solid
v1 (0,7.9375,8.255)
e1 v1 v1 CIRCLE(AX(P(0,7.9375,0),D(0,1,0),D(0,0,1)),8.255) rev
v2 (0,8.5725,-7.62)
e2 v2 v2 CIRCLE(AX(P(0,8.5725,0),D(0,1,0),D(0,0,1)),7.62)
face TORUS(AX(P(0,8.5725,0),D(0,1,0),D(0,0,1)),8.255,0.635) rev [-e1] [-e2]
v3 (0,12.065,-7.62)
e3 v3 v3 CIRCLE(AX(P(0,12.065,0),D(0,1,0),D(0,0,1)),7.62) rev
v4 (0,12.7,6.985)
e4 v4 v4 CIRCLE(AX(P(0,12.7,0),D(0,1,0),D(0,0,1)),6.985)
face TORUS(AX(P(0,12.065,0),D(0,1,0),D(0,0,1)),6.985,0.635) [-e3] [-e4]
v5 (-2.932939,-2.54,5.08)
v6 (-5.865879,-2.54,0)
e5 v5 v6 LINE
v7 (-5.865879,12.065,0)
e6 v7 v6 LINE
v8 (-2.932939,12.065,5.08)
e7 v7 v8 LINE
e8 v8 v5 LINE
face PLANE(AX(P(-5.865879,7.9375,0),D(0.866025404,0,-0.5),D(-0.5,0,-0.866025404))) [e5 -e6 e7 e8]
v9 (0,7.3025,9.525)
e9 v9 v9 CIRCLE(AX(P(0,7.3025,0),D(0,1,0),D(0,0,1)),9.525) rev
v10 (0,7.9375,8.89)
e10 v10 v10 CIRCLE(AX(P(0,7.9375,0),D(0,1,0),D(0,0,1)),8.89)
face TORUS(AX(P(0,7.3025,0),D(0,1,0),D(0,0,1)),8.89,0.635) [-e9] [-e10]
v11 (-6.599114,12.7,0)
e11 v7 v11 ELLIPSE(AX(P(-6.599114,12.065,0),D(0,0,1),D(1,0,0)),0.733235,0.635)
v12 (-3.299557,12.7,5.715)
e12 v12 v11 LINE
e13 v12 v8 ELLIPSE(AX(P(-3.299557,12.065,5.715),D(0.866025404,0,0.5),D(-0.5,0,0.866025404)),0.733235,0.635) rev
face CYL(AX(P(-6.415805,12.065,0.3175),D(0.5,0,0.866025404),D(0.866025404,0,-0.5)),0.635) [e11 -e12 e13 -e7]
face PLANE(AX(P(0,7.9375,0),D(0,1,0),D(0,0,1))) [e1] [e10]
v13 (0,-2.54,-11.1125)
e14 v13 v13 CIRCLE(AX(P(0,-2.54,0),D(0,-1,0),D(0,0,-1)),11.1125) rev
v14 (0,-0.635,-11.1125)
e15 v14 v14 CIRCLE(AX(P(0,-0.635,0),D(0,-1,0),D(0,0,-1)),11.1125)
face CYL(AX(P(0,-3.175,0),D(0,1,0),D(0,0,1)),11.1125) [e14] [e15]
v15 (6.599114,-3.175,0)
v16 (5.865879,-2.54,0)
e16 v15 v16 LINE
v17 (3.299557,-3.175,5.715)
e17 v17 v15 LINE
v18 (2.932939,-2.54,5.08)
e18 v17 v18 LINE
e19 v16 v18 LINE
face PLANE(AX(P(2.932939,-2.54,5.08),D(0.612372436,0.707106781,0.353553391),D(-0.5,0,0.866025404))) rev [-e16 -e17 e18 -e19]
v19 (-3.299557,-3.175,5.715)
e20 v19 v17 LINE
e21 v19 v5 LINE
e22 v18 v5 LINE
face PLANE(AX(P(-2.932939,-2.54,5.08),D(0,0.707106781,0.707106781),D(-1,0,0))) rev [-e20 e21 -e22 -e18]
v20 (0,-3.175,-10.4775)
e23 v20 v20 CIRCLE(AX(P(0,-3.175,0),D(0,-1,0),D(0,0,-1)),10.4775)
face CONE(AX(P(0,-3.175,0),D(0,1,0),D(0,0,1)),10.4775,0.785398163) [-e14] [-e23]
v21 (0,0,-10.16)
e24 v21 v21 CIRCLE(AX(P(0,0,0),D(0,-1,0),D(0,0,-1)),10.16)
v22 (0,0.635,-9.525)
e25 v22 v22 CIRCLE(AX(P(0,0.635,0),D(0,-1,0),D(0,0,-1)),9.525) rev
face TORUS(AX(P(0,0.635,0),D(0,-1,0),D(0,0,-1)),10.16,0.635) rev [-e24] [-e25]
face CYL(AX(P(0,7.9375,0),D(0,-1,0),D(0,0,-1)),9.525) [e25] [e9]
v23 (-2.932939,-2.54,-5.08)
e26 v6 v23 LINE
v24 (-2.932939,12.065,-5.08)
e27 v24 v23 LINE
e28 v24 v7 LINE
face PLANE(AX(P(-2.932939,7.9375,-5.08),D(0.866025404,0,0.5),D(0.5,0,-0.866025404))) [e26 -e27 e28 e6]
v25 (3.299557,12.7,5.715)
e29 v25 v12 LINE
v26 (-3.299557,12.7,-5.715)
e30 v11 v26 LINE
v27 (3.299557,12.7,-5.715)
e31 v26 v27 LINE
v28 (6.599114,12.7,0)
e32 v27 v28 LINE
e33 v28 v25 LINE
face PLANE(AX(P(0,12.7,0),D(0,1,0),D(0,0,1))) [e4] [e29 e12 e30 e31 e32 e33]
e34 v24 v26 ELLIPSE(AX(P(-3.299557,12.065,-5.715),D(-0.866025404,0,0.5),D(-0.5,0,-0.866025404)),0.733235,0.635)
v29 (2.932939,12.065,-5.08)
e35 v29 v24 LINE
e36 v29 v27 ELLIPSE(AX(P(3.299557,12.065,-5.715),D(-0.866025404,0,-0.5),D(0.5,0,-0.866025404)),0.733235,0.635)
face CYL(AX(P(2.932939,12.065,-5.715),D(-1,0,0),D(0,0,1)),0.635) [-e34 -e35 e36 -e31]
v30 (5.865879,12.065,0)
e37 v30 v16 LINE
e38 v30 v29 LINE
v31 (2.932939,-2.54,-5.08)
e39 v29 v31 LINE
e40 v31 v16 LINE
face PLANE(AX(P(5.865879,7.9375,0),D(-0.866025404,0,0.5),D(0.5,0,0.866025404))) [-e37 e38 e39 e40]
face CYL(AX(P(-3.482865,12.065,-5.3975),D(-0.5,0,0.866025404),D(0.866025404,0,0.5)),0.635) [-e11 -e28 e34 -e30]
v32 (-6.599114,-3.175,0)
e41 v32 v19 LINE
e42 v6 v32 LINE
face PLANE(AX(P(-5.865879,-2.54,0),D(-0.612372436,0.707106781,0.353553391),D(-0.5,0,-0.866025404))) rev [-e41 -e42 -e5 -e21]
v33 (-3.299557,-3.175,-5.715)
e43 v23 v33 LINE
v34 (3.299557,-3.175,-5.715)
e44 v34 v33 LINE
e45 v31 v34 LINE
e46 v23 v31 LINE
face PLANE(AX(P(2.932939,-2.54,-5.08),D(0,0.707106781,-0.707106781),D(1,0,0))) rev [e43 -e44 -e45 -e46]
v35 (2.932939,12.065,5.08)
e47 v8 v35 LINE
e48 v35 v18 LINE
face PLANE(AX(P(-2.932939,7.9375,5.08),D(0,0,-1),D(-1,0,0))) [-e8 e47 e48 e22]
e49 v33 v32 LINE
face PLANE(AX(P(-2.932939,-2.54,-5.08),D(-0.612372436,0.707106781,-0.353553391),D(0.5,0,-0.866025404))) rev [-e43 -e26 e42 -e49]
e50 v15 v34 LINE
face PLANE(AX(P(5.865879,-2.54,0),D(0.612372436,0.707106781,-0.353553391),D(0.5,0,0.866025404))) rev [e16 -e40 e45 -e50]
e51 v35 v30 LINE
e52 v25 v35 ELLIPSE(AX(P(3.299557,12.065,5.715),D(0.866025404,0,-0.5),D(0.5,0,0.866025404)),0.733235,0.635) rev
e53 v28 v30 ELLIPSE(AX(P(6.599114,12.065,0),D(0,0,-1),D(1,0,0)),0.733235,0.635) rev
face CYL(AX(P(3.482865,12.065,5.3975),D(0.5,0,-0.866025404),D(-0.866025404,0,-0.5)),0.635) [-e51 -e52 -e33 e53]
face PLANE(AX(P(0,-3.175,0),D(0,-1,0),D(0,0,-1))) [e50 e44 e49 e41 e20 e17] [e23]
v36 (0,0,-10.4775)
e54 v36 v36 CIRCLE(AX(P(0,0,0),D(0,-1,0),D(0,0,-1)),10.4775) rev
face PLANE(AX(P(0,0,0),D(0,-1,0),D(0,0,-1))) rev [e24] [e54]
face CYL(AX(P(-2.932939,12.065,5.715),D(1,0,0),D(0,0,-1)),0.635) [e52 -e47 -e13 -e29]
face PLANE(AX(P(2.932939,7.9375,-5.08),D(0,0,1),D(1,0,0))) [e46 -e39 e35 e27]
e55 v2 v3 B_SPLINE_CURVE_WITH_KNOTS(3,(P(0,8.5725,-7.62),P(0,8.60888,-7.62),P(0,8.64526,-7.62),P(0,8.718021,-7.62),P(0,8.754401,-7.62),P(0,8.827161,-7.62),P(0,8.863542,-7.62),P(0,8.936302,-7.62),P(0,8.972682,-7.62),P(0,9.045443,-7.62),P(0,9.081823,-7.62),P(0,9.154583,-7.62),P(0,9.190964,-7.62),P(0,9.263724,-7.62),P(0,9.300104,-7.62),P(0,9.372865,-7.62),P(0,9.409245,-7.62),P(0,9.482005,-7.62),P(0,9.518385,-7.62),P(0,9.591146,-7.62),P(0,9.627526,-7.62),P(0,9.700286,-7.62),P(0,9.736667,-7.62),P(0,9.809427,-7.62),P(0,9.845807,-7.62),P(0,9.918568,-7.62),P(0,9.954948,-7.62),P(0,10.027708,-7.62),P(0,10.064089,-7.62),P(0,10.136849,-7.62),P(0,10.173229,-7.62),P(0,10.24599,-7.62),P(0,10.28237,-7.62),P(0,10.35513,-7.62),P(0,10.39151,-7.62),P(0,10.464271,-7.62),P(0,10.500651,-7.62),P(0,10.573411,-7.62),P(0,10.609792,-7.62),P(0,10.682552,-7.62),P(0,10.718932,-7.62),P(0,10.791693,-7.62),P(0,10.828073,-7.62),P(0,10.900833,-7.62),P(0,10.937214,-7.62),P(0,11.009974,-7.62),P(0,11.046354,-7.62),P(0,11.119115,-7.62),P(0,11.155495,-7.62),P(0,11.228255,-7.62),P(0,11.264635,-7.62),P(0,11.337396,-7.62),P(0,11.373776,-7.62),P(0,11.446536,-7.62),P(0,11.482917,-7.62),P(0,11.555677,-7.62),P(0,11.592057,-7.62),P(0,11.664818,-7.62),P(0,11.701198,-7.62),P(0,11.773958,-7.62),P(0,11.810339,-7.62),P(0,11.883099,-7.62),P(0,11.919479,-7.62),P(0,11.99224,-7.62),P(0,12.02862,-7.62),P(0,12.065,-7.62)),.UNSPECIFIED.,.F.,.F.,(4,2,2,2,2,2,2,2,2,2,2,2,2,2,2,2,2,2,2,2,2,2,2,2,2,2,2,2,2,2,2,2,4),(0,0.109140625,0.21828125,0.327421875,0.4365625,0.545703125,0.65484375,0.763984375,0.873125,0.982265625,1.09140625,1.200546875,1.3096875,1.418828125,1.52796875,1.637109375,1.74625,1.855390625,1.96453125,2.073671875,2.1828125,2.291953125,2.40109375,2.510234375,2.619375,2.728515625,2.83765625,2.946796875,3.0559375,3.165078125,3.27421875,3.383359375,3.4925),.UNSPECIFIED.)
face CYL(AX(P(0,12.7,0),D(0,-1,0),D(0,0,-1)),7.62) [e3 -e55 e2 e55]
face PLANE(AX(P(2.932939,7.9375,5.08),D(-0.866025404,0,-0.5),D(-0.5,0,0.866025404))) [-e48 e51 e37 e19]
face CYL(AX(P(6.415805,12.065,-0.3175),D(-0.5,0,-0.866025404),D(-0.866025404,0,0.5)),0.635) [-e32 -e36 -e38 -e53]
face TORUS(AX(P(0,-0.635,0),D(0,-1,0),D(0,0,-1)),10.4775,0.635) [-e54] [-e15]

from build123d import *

# Parameters (mm, degrees)
SKETCH1_R           = 9.525
BOSS_EXTRUDE1_DEPTH = 7.9375
SKETCH2_R           = 7.62
BOSS_EXTRUDE2_DEPTH = 4.7625
SKETCH3_R           = 11.1125
BOSS_EXTRUDE3_DEPTH = 3.175
FILLET1_R           = 0.635
FILLET3_R           = 0.635
FILLET4_R           = 0.635
CHAMFER1_SIZE       = 0.635


with BuildPart() as part:
    # Sketch1 → Boss-Extrude1 (new body)
    with BuildSketch(Plane(origin=(0, 0, 0), x_dir=(1, 0, 0), z_dir=(0, 1, 0))):
        with Locations(Location((0, 0, 0), (0, 0, 270))):
            Circle(SKETCH1_R)
        Polygon((5.865878735, 0), (2.932939367, 5.08), (-2.932939367, 5.08), (-5.865878735, 0), (-2.932939367, -5.08), (2.932939367, -5.08), align=None, mode=Mode.SUBTRACT)
    extrude(amount=BOSS_EXTRUDE1_DEPTH)

    # Sketch2 → Boss-Extrude2 (add)
    with BuildSketch(Plane(origin=(0, 7.9375, 0), x_dir=(1, 0, 0), z_dir=(0, 1, 0))):
        with Locations(Location((0, 0, 0), (0, 0, 90))):
            Circle(SKETCH2_R)
        Polygon((-2.932939367, 5.08), (-5.865878735, 0), (-2.932939367, -5.08), (2.932939367, -5.08), (5.865878735, 0), (2.932939367, 5.08), align=None, mode=Mode.SUBTRACT)
    extrude(amount=BOSS_EXTRUDE2_DEPTH)

    # Sketch3 → Boss-Extrude3 (add)
    with BuildSketch(Plane.XZ):
        with Locations(Location((0, 0, 0), (0, 0, 270))):
            Circle(SKETCH3_R)
        Polygon((-2.932939367, 5.08), (2.932939367, 5.08), (5.865878735, 0), (2.932939367, -5.08), (-2.932939367, -5.08), (-5.865878735, 0), align=None, mode=Mode.SUBTRACT)
    extrude(amount=BOSS_EXTRUDE3_DEPTH)

    # Fillet1
    fillet1_edges = [part.edges().sort_by_distance(p)[0] for p in [
        (0, 0, -9.525),
        (0, 0, 11.1125),
    ]]
    fillet(fillet1_edges, radius=FILLET1_R)

    # Fillet3
    fillet3_edges = [part.edges().sort_by_distance(p)[0] for p in [
        (0, 12.7, -5.08),
        (-4.399409051, 12.7, -2.54),
        (-4.399409051, 12.7, 2.54),
        (0, 12.7, 5.08),
        (4.399409051, 12.7, 2.54),
        (4.399409051, 12.7, -2.54),
    ]]
    fillet(fillet3_edges, radius=FILLET3_R)

    # Fillet4
    fillet4_edges = [part.edges().sort_by_distance(p)[0] for p in [
        (0, 12.7, 7.62),
        (0, 7.9375, 7.62),
        (0, 7.9375, -9.525),
    ]]
    fillet(fillet4_edges, radius=FILLET4_R)

    # Chamfer1
    chamfer1_edges = [part.edges().sort_by_distance(p)[0] for p in [
        (0, -3.175, 11.1125),
        (-4.399409051, -3.175, 2.54),
        (-4.399409051, -3.175, -2.54),
        (0, -3.175, -5.08),
        (4.399409051, -3.175, -2.54),
        (4.399409051, -3.175, 2.54),
        (0, -3.175, 5.08),
    ]]
    chamfer(chamfer1_edges, length=CHAMFER1_SIZE)


solid = part.part
